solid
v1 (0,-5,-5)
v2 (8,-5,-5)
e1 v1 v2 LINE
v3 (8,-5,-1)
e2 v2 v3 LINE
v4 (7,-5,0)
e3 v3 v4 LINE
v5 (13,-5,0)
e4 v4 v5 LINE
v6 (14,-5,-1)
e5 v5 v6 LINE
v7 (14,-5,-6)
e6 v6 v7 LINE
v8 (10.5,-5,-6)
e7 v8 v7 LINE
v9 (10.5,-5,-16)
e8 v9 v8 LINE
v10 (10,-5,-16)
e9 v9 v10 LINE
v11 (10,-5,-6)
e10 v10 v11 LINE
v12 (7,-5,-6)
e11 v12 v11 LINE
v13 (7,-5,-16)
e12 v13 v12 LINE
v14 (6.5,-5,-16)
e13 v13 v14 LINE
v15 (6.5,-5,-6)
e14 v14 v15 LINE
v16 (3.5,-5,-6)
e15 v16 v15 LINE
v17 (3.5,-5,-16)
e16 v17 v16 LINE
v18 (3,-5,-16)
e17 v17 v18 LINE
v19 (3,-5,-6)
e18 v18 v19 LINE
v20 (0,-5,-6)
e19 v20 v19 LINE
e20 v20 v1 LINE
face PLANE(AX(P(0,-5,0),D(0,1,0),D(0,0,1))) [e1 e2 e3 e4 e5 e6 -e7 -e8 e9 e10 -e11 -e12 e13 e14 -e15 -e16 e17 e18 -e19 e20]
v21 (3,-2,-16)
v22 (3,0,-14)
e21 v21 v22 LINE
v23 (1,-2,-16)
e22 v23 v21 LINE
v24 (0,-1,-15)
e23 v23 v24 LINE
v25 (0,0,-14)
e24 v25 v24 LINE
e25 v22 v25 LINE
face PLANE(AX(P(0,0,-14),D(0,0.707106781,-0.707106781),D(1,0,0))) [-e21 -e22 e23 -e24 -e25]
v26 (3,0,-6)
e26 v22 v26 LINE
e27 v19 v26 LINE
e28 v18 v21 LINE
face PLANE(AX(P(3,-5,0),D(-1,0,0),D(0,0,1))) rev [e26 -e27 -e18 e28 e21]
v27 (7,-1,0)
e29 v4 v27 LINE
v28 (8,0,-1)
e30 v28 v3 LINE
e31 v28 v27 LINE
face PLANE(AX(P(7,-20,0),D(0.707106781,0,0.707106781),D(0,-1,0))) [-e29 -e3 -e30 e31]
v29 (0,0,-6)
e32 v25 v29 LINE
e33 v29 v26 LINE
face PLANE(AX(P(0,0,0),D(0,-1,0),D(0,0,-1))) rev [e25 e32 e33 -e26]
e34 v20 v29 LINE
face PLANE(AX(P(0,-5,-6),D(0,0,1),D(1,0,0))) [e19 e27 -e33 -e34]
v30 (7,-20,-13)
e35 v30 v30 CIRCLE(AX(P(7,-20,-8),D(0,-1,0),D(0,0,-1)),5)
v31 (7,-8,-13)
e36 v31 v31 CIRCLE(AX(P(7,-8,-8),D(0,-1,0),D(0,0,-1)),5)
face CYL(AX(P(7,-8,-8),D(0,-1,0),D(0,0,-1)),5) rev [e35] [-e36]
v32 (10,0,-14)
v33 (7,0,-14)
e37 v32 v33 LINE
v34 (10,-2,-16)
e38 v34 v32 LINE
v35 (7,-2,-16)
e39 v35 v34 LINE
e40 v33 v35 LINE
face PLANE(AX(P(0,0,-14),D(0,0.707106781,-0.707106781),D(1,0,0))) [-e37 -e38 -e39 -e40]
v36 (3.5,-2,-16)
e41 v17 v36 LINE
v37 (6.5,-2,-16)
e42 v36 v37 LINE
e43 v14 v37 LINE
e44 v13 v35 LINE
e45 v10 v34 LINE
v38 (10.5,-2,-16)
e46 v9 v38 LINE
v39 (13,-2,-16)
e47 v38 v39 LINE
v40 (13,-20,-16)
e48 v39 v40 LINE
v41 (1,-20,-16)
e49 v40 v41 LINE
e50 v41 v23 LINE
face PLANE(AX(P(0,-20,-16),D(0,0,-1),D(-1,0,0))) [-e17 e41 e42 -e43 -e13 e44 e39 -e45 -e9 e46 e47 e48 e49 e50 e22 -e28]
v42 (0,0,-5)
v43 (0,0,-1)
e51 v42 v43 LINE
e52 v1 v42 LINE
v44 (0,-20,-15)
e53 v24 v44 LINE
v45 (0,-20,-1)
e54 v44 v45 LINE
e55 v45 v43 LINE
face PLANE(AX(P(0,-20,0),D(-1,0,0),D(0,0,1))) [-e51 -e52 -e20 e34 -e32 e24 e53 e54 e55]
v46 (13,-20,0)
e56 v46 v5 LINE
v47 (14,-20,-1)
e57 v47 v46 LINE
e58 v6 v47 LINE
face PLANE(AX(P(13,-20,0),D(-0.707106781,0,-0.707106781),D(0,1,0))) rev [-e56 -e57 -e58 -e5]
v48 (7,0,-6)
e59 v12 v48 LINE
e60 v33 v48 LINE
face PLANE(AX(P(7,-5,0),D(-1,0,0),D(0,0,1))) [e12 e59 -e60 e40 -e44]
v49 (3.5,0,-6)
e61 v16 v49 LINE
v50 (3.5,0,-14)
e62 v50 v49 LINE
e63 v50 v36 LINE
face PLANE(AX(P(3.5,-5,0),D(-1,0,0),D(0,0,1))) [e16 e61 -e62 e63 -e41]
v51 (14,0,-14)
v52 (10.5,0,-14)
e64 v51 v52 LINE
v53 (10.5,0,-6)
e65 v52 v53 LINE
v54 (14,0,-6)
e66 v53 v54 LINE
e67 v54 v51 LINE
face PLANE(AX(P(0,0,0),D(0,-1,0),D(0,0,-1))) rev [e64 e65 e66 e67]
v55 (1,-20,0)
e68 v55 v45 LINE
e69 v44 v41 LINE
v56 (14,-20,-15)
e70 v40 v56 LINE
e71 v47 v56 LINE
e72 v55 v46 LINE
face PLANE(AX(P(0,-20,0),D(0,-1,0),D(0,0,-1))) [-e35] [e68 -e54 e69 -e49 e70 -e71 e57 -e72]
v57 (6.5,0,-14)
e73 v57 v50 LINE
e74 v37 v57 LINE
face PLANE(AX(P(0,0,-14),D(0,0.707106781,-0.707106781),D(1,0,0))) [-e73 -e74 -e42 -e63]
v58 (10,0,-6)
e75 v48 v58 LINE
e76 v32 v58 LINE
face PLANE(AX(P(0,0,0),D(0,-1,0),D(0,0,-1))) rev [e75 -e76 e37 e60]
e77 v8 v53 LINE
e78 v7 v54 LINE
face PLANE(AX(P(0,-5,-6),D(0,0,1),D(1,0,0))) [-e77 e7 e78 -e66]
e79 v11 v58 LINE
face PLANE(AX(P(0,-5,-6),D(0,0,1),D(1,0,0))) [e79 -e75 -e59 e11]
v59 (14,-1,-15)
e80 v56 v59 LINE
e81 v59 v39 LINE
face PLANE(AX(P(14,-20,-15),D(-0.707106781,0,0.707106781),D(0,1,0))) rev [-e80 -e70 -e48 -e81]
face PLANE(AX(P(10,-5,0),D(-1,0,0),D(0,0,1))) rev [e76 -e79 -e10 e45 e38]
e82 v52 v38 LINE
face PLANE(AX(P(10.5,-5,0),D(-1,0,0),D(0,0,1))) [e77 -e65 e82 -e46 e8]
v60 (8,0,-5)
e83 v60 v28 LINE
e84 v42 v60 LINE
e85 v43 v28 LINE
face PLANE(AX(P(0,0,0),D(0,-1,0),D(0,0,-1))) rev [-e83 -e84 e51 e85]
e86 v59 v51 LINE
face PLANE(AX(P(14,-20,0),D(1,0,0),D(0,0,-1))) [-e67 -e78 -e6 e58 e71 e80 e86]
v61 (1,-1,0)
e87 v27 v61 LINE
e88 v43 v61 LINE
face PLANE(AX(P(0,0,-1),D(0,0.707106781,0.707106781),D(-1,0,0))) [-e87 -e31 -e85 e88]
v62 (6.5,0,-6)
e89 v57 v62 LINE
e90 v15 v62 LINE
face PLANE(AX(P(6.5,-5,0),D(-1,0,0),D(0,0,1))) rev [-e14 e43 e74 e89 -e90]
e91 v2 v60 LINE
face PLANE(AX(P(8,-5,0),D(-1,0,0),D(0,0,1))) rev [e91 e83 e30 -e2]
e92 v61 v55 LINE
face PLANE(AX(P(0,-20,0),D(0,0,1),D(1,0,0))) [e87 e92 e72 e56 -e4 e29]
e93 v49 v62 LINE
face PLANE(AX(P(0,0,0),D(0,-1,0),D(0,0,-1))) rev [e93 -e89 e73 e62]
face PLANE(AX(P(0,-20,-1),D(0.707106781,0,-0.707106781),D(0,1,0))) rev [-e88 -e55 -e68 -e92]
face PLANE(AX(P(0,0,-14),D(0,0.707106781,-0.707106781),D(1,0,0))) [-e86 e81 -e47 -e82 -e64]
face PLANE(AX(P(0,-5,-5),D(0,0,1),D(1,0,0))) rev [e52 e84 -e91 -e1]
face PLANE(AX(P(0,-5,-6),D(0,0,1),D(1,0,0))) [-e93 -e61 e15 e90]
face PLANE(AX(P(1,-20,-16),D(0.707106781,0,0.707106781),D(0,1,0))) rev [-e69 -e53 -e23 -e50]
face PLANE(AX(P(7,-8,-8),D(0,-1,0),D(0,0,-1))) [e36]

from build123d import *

# Parameters (mm, degrees)
SKETCH1_W           = 14
SKETCH1_H           = 16
BOSS_EXTRUDE1_DEPTH = 20
CUT_EXTRUDE1_DEPTH  = 5
CHAMFER1_SIZE       = 2
CHAMFER2_SIZE       = 1
SKETCH4_R           = 5
CUT_EXTRUDE2_DEPTH  = 12


with BuildPart() as part:
    # Sketch1 → Boss-Extrude1 (new body)
    with BuildSketch(Plane(origin=(0, 0, 0), x_dir=(1, 0, 0), z_dir=(0, 1, 0))):
        with Locations((7, 8)):
            Rectangle(SKETCH1_W, SKETCH1_H)
    extrude(amount=-BOSS_EXTRUDE1_DEPTH)

    # Sketch2 → Cut-Extrude1 (cut)
    with BuildSketch(Plane(origin=(0, 0, 0), x_dir=(1, 0, 0), z_dir=(0, 1, 0))):
        Polygon((3, 6), (0, 6), (0, 5), (8, 5), (8, 0), (14, 0), (14, 6), (10.5, 6), (10.5, 16), (10, 16), (10, 6), (7, 6), (7, 16), (6.5, 16), (6.5, 6), (3.5, 6), (3.5, 16), (3, 16), align=None)
    extrude(amount=-CUT_EXTRUDE1_DEPTH, mode=Mode.SUBTRACT)

    # Chamfer1
    chamfer1_edges = [part.edges().sort_by_distance(p)[0] for p in [
        (8.5, 0, -16),
        (5, 0, -16),
        (1.5, 0, -16),
        (12.25, 0, -16),
    ]]
    chamfer(chamfer1_edges, length=CHAMFER1_SIZE)

    # Chamfer2
    chamfer2_edges = [part.edges().sort_by_distance(p)[0] for p in [
        (8, -2.5, 0),
        (4, 0, 0),
        (0, -11, -16),
        (14, -11, -16),
        (14, -12.5, 0),
        (0, -10, 0),
    ]]
    chamfer(chamfer2_edges, length=CHAMFER2_SIZE)

    # Sketch4 → Cut-Extrude2 (cut)
    with BuildSketch(Plane.XZ.offset(20)):
        with Locations(Location((7, -8, 0), (0, 0, 270))):
            Circle(SKETCH4_R)
    extrude(amount=-CUT_EXTRUDE2_DEPTH, mode=Mode.SUBTRACT)


solid = part.part
